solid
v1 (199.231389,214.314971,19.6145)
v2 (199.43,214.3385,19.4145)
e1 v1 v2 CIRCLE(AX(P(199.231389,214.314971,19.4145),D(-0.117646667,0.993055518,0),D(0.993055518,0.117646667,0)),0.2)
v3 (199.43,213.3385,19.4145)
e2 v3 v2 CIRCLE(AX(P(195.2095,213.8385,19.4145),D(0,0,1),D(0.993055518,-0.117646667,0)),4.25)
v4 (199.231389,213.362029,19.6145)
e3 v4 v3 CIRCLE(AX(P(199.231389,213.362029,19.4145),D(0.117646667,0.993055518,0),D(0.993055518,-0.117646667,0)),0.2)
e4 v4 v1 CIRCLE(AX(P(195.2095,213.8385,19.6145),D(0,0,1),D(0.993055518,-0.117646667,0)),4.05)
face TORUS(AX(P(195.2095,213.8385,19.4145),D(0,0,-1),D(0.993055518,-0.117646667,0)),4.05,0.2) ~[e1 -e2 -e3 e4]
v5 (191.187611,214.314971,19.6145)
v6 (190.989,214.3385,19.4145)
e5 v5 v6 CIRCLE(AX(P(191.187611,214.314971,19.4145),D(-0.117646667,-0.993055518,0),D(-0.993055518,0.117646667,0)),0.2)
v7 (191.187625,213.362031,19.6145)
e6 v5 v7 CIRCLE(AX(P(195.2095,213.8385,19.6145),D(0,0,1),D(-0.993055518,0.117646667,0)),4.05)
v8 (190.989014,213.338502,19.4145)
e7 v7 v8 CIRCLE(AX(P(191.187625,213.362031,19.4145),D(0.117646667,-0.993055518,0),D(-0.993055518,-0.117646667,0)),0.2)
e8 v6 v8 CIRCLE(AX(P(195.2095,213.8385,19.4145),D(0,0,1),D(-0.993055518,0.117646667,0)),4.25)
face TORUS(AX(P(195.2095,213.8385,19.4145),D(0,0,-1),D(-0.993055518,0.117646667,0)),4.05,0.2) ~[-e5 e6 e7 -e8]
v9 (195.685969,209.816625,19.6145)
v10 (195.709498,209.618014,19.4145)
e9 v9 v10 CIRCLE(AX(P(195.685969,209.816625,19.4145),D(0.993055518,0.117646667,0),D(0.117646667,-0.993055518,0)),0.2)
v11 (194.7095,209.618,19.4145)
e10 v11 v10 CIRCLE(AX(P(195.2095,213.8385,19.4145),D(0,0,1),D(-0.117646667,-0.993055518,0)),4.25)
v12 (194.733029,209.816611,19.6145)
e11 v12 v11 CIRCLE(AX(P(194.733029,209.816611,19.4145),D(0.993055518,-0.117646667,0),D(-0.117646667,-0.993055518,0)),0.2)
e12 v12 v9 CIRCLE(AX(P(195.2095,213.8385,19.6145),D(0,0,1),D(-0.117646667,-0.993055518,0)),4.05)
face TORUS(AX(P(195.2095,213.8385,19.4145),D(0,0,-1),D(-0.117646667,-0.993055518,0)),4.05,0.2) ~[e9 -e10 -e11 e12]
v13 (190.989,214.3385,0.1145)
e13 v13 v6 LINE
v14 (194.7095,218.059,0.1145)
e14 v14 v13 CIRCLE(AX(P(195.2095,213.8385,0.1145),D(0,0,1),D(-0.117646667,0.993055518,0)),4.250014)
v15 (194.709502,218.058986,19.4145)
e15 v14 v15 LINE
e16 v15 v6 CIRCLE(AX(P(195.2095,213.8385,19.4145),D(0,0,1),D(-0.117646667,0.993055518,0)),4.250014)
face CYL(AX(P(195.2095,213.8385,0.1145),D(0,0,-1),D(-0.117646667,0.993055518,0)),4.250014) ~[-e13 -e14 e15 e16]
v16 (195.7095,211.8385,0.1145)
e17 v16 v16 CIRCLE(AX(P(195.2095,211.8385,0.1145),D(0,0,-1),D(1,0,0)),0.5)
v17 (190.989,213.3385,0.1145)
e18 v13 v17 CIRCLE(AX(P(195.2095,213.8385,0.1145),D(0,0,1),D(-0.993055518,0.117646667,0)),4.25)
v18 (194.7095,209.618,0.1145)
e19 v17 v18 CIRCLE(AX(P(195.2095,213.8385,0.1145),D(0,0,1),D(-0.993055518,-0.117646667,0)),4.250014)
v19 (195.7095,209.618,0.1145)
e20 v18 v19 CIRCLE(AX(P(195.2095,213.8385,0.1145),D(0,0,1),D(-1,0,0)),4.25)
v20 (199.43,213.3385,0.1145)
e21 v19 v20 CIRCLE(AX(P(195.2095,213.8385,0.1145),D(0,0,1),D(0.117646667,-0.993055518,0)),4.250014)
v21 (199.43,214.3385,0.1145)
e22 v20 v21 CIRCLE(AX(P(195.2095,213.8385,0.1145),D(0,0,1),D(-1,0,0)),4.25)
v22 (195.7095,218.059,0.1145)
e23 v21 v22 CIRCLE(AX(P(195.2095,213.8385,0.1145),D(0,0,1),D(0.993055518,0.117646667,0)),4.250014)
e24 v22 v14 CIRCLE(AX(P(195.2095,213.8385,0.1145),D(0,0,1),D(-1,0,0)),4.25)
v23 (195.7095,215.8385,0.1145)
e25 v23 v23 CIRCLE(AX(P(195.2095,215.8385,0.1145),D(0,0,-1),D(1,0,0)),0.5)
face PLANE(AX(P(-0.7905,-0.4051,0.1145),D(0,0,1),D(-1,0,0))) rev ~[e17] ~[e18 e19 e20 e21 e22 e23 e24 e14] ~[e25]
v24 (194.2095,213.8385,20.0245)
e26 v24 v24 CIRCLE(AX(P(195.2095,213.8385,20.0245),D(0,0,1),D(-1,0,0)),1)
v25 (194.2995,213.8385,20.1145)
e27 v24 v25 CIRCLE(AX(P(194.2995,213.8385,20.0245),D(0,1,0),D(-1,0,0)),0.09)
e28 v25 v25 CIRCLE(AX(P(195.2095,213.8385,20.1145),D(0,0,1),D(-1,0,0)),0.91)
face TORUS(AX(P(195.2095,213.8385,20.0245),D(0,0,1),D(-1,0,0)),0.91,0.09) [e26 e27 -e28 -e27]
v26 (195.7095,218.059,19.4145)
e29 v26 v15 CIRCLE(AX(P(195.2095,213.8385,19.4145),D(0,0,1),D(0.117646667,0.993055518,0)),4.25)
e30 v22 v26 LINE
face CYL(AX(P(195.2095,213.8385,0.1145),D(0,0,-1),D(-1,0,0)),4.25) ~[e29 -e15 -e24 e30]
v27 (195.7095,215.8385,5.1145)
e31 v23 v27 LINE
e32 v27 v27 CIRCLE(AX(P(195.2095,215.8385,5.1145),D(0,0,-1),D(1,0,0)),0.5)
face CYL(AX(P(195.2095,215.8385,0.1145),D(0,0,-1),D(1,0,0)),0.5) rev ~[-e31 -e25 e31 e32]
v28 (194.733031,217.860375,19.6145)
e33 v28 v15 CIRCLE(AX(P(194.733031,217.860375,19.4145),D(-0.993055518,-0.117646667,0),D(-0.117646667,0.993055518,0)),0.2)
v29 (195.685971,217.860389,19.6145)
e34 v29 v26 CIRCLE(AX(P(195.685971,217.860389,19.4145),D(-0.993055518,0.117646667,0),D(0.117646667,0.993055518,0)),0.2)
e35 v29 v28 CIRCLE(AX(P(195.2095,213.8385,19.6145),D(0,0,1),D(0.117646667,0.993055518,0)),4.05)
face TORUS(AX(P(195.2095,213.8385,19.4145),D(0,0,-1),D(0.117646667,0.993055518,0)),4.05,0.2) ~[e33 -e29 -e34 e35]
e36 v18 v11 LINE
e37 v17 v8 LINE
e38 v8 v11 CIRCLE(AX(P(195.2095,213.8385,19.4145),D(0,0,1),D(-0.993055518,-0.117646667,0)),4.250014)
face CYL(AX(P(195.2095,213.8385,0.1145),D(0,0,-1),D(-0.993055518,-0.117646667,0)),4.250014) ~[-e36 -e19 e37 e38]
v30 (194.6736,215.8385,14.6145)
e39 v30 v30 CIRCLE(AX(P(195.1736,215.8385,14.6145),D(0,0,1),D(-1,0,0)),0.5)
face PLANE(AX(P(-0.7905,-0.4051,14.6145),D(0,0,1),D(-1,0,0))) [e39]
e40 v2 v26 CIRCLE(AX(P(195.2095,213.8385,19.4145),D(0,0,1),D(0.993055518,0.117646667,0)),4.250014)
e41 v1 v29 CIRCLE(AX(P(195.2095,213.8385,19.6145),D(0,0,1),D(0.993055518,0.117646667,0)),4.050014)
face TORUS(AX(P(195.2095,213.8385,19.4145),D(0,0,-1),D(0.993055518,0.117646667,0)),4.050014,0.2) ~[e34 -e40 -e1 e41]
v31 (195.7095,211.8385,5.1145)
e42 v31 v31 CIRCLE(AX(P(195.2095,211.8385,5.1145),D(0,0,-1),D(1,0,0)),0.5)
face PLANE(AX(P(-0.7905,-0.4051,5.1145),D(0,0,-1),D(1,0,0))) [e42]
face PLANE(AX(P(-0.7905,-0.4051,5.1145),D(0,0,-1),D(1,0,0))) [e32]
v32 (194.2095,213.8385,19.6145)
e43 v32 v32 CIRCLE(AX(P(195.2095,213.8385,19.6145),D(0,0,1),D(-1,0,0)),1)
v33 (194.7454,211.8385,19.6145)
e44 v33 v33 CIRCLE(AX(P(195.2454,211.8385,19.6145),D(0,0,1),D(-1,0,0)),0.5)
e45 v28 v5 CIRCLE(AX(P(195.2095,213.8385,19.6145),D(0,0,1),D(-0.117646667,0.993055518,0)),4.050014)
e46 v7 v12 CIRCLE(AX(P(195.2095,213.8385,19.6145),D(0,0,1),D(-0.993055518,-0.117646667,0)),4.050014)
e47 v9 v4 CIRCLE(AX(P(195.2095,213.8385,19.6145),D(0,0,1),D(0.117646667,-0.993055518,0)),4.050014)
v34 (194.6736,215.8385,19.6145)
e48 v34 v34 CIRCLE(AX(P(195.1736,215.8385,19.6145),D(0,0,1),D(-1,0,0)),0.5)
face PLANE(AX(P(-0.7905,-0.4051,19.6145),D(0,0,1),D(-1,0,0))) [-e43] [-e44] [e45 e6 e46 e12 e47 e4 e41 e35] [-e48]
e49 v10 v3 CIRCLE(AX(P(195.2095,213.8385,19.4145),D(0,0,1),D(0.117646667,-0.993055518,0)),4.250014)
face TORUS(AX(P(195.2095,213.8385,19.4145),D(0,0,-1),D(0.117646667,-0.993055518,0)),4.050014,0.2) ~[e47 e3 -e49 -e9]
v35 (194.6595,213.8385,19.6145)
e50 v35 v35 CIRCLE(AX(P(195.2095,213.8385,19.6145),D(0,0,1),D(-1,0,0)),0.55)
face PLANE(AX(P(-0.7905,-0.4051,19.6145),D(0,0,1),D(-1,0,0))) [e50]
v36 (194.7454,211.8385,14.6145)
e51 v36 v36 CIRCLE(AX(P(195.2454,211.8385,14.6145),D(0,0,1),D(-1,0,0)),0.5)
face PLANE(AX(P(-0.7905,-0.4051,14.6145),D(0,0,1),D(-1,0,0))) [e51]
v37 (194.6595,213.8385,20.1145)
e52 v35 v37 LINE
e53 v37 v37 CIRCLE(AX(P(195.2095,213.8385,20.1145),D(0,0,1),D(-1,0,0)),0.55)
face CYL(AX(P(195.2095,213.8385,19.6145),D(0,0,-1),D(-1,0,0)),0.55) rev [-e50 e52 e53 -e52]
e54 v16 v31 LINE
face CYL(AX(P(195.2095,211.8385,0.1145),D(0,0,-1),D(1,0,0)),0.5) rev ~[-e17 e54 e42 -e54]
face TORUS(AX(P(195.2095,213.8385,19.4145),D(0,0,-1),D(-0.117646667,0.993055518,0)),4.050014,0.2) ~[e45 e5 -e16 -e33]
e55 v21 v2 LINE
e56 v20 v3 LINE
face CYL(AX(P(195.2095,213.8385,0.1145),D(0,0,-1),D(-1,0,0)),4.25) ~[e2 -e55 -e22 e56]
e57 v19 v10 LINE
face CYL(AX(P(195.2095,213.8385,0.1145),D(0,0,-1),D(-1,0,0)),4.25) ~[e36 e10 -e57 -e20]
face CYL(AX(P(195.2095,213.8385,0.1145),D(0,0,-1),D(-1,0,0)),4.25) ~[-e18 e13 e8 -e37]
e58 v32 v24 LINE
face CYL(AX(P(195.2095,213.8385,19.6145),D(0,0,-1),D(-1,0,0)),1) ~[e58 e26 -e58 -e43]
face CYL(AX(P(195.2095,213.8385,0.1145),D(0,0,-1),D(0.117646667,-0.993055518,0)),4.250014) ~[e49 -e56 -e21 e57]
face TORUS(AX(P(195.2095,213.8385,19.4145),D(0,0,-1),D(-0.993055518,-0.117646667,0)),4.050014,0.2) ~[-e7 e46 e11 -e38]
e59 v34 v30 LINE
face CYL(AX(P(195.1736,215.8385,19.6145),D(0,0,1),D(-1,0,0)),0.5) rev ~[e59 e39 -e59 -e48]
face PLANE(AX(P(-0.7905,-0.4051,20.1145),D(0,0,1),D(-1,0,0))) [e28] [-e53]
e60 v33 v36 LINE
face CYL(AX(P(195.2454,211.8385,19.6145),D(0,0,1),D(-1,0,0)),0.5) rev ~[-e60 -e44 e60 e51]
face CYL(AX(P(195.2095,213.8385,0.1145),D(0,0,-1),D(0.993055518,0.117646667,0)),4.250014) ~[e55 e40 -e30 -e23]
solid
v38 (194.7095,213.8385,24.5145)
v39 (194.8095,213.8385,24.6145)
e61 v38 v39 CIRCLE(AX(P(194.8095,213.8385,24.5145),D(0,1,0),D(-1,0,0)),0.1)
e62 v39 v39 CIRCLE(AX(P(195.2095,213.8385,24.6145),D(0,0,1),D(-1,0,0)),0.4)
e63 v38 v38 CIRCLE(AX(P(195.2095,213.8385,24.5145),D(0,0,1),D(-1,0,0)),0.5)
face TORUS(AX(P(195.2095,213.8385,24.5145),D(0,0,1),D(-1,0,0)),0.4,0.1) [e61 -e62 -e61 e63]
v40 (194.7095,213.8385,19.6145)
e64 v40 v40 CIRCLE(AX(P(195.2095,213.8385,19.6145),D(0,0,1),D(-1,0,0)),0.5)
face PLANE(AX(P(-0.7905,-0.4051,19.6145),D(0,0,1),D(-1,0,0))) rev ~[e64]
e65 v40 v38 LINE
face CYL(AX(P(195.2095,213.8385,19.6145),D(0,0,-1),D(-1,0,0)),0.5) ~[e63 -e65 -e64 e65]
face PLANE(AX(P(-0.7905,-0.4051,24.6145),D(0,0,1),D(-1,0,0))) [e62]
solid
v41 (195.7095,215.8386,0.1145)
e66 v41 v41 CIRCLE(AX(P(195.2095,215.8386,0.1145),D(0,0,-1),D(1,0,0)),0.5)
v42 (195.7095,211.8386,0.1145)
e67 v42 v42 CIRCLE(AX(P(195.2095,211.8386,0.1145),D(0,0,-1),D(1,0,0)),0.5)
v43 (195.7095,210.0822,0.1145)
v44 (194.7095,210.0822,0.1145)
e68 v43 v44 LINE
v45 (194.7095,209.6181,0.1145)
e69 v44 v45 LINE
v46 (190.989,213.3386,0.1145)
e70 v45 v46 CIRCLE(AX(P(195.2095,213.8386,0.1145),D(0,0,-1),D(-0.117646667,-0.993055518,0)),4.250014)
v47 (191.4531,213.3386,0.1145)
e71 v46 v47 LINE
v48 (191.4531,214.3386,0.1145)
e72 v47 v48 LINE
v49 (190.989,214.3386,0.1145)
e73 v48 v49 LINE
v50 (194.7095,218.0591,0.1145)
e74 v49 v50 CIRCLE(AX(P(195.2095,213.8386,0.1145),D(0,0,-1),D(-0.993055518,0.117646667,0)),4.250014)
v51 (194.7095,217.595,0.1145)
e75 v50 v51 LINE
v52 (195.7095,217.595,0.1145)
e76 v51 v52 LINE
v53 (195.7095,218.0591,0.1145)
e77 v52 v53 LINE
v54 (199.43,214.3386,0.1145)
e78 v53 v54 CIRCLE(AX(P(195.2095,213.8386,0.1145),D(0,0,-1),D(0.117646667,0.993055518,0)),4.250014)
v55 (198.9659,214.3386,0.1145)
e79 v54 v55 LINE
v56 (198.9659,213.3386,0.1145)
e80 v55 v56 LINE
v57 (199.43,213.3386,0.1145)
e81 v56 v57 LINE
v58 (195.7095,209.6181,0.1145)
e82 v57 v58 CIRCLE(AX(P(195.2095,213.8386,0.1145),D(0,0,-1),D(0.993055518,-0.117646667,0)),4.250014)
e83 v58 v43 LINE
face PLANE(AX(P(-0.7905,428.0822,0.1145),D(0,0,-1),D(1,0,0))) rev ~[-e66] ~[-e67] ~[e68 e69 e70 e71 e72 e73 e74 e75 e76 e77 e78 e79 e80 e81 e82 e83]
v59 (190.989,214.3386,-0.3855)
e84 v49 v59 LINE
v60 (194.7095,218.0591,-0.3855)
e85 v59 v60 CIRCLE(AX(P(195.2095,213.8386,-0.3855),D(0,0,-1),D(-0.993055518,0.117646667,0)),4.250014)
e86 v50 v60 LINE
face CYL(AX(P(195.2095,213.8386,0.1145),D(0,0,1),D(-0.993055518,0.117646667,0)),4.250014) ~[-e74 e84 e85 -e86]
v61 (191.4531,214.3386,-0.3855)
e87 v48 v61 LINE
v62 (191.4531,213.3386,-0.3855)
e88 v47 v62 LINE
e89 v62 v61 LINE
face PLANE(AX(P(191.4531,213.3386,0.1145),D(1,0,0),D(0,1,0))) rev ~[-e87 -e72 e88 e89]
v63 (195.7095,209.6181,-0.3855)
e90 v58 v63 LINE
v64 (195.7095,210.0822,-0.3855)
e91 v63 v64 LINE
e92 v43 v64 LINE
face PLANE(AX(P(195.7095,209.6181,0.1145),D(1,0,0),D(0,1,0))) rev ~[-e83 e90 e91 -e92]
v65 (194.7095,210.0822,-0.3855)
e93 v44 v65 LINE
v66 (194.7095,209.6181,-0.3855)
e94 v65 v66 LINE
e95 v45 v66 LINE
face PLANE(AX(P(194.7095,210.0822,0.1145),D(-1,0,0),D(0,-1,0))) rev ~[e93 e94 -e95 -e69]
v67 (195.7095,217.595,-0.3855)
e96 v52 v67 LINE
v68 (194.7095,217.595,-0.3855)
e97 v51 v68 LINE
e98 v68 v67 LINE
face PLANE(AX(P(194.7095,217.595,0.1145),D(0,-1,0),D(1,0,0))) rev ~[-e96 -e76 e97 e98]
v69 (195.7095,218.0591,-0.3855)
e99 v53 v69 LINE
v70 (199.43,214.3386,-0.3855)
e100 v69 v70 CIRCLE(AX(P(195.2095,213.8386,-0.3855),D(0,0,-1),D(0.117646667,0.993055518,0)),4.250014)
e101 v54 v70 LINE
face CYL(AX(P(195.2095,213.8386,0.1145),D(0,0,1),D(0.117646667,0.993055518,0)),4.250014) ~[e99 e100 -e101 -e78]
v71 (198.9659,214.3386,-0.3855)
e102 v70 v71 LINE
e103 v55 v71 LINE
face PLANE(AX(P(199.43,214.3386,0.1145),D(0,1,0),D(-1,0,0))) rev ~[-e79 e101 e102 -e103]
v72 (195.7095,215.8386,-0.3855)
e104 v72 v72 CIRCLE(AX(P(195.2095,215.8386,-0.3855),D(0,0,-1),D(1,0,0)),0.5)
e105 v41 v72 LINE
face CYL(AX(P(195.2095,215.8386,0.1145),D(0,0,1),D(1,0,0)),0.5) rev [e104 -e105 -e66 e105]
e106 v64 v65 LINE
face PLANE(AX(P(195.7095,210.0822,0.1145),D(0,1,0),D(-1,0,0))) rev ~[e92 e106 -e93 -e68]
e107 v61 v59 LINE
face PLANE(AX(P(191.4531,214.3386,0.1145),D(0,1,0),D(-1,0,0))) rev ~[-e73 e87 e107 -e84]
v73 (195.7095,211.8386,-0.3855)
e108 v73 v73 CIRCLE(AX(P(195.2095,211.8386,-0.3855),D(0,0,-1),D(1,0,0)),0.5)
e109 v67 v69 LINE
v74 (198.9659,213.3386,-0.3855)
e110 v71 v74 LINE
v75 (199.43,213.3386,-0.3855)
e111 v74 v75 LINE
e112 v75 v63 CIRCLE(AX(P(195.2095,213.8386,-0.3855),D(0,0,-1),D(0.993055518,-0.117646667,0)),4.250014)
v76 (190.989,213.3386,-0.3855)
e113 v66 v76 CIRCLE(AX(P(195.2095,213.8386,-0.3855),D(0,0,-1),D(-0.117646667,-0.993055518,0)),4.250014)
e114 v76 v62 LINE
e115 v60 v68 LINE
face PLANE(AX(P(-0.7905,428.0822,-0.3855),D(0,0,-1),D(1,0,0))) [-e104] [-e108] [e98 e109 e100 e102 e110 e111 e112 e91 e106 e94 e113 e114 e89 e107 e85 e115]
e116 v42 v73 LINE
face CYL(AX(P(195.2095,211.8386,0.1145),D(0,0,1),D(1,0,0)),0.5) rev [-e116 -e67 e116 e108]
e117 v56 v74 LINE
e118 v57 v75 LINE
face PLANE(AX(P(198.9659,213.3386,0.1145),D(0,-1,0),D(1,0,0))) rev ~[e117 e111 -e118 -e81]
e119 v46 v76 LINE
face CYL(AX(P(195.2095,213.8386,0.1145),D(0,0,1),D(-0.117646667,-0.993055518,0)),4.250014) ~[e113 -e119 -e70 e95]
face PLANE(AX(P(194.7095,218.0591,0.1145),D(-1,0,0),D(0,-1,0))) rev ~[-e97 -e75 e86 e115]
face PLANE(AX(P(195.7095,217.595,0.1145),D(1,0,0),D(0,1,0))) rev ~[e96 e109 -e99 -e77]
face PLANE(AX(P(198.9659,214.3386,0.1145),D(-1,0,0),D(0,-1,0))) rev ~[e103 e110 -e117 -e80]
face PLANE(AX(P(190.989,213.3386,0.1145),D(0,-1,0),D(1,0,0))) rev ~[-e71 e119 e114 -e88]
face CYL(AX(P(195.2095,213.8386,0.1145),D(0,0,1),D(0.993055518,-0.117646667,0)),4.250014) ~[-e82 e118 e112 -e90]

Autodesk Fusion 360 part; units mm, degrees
sketch "Sketch1" plane through (0, 0, 0) normal (0, 0, 1) x (1, 0, 0)
  line L0 (196.5, 218.4641) -> (196.5, 218)
  line L1 (196.5, 218) -> (195.5, 218)
  line L2 (195.5, 218) -> (195.5, 218.4641)
  line L3 (191.7795, 214.7436) -> (192.2436, 214.7436)
  line L4 (192.2436, 214.7436) -> (192.2436, 213.7436)
  line L5 (192.2436, 213.7436) -> (191.7795, 213.7436)
  line L6 (195.5, 210.0231) -> (195.5, 210.4872)
  line L7 (195.5, 210.4872) -> (196.5, 210.4872)
  line L8 (196.5, 210.4872) -> (196.5, 210.0231)
  line L9 (200.2205, 213.7436) -> (199.7564, 213.7436)
  line L10 (199.7564, 213.7436) -> (199.7564, 214.7436)
  line L11 (199.7564, 214.7436) -> (200.2205, 214.7436)
  arc A0 (200.2205, 214.7436) -> (196.5, 218.4641) centre (196, 214.2436) ccw
  arc A1 (196.5, 210.0231) -> (200.2205, 213.7436) centre (196, 214.2436) ccw
  arc A2 (195.5, 218.4641) -> (191.7795, 214.7436) centre (196, 214.2436) ccw
  arc A3 (191.7795, 213.7436) -> (195.5, 210.0231) centre (196, 214.2436) ccw
  circle A4 centre (196, 216.2436) radius 0.5
  circle A5 centre (196, 212.2436) radius 0.5
  dimension "d1" = 8.5
  dimension "d6" = 0.5
  dimension "d8" = 360
  dimension "d9" = 0.4641
  dimension "d10" = 0.4641
  dimension "d14" = 1
  dimension "d15" = 1
  dimension "d16" = 2
  dimension "d17" = 2
extrude "Extrude1" add sketch "Sketch1" along normal blind 0.5 makes body 1 in component "Motor Base Platic"
sketch "Sketch3" plane through (0, 0, 0.5) normal (0, 0, 1) x (-1, 0, 0)
  circle A0 centre (-196, -212.2436) radius 0.5
  circle A1 centre (-196, -216.2436) radius 0.5
  arc A2 (-191.7795, -213.7436) -> (-195.5, -210.0231) centre (-196, -214.2436) ccw
  line L0 (-195.5, -210.0231) -> (-195.5, -210.4872)
  line L1 (-195.5, -210.4872) -> (-196.5, -210.4872)
  line L2 (-196.5, -210.4872) -> (-196.5, -210.0231)
  arc A3 (-196.5, -210.0231) -> (-200.2205, -213.7436) centre (-196, -214.2436) ccw
  line L3 (-200.2205, -213.7436) -> (-199.7564, -213.7436)
  line L4 (-199.7564, -213.7436) -> (-199.7564, -214.7436)
  line L5 (-199.7564, -214.7436) -> (-200.2205, -214.7436)
  arc A4 (-200.2205, -214.7436) -> (-196.5, -218.4641) centre (-196, -214.2436) ccw
  line L6 (-196.5, -218.4641) -> (-196.5, -218)
  line L7 (-196.5, -218) -> (-195.5, -218)
  line L8 (-195.5, -218) -> (-195.5, -218.4641)
  arc A5 (-195.5, -218.4641) -> (-191.7795, -214.7436) centre (-196, -214.2436) ccw
  line L9 (-191.7795, -214.7436) -> (-192.2436, -214.7436)
  line L10 (-192.2436, -214.7436) -> (-192.2436, -213.7436)
  line L11 (-192.2436, -213.7436) -> (-191.7795, -213.7436)
  circle A6 centre (-196, -214.2436) radius 4.25
  dimension "d20" = 8.5
extrude "Extrude1'" add sketch "Sketch3" along normal blind 19.5 separate body contours A0 | A1 | A2 L0 L1 L2 A3 L3 L4 L5 A4 L6 L7 L8 A5 L9 L10 L11 A6 | L9 L10 L11 A6 | L0 L1 L2 A6 | L3 L4 L5 A6 | L6 L7 L8 A6 makes body 2 in component "Motor Body"
sketch "Sketch4" plane through (0, 0, 20) normal (0, 0, 1) x (-1, 0, 0)
  circle A0 centre (-196, -214.2436) radius 4.25
  circle A1 centre (-196, -214.2436) radius 1
  circle A2 centre (-196, -214.2436) radius 0.55
  dimension "d23" = 2
  dimension "d24" = 1.1
extrude "Extrude2" add sketch "Sketch4" along normal blind 0.5 contours A1 bodies 2 in component "Motor Body"
fillet "Fillet1" radius 0.09 1 edges at (196.9323, 214.6052, 20.5) on bodies 2 in component "Motor Body"
sketch "Sketch5" plane through (0, 0, 20) normal (0, 0, 1) x (-1, 0, 0)
  circle A0 centre (-196, -214.2436) radius 0.55
  circle A1 centre (-196, -214.2436) radius 0.5
  dimension "d28" = 1
extrude "Extrude1''" add sketch "Sketch5" along normal blind 5 separate body contours A1 makes body 3 in component "Motor Rotor"
sketch "Sketch6" plane through (0, 0, 20) normal (0, 0, 1) x (-1, 0, 0)
  circle A0 centre (-196, -214.2436) radius 4.25
  circle A1 centre (-196, -214.2436) radius 1
  circle A2 centre (-195.9641, -216.2436) radius 0.5
  circle A3 centre (-196.0359, -212.2436) radius 0.5
  point P0 (-196, -214.2436)
  dimension "d31" = 1
  dimension "d32" = 1
  dimension "d33" = 4
  dimension "d34" = 2
extrude "Extrude3" cut sketch "Sketch6" against normal blind 5 contours A2 | A3 bodies 2 in component "Motor Body"
sketch "Sketch7" plane through (0, 0, 0.5) normal (0, 0, -1) x (1, 0, 0)
  circle A0 centre (196, -214.2436) radius 4.25
  circle A1 centre (196, -212.2436) radius 0.5
  circle A2 centre (196, -216.2436) radius 0.5
  point P0 (196, -212.2436)
  point P1 (196, -216.2436)
  dimension "d37" = 1
  dimension "d38" = 1
  dimension "d39" = 1
extrude "Extrude4" cut sketch "Sketch7" against normal blind 5 contours A1 | A2 bodies 2 in component "Motor Body"
fillet "Fillet1'" radius 0.1 1 edges at (196.4662, 214.4244, 25) on bodies 3 in component "Motor Rotor"
fillet "Fillet2" radius 0.2 1 edges at (199.9624, 215.7805, 20) on bodies 2 in component "Motor Body"
component "Motor Base Platic" placed x (1, 0, 0) y (0, -1, 0) z (0, 0, -1) at (-0.7905, 428.0822, 0.1145)
component "Motor Body" placed x (1, 0, 0) y (0, 1, 0) z (0, 0, 1) at (-0.7905, -0.4051, -0.3855)
component "Motor Rotor" placed x (1, 0, 0) y (0, 1, 0) z (0, 0, 1) at (-0.7905, -0.4051, -0.3855)
